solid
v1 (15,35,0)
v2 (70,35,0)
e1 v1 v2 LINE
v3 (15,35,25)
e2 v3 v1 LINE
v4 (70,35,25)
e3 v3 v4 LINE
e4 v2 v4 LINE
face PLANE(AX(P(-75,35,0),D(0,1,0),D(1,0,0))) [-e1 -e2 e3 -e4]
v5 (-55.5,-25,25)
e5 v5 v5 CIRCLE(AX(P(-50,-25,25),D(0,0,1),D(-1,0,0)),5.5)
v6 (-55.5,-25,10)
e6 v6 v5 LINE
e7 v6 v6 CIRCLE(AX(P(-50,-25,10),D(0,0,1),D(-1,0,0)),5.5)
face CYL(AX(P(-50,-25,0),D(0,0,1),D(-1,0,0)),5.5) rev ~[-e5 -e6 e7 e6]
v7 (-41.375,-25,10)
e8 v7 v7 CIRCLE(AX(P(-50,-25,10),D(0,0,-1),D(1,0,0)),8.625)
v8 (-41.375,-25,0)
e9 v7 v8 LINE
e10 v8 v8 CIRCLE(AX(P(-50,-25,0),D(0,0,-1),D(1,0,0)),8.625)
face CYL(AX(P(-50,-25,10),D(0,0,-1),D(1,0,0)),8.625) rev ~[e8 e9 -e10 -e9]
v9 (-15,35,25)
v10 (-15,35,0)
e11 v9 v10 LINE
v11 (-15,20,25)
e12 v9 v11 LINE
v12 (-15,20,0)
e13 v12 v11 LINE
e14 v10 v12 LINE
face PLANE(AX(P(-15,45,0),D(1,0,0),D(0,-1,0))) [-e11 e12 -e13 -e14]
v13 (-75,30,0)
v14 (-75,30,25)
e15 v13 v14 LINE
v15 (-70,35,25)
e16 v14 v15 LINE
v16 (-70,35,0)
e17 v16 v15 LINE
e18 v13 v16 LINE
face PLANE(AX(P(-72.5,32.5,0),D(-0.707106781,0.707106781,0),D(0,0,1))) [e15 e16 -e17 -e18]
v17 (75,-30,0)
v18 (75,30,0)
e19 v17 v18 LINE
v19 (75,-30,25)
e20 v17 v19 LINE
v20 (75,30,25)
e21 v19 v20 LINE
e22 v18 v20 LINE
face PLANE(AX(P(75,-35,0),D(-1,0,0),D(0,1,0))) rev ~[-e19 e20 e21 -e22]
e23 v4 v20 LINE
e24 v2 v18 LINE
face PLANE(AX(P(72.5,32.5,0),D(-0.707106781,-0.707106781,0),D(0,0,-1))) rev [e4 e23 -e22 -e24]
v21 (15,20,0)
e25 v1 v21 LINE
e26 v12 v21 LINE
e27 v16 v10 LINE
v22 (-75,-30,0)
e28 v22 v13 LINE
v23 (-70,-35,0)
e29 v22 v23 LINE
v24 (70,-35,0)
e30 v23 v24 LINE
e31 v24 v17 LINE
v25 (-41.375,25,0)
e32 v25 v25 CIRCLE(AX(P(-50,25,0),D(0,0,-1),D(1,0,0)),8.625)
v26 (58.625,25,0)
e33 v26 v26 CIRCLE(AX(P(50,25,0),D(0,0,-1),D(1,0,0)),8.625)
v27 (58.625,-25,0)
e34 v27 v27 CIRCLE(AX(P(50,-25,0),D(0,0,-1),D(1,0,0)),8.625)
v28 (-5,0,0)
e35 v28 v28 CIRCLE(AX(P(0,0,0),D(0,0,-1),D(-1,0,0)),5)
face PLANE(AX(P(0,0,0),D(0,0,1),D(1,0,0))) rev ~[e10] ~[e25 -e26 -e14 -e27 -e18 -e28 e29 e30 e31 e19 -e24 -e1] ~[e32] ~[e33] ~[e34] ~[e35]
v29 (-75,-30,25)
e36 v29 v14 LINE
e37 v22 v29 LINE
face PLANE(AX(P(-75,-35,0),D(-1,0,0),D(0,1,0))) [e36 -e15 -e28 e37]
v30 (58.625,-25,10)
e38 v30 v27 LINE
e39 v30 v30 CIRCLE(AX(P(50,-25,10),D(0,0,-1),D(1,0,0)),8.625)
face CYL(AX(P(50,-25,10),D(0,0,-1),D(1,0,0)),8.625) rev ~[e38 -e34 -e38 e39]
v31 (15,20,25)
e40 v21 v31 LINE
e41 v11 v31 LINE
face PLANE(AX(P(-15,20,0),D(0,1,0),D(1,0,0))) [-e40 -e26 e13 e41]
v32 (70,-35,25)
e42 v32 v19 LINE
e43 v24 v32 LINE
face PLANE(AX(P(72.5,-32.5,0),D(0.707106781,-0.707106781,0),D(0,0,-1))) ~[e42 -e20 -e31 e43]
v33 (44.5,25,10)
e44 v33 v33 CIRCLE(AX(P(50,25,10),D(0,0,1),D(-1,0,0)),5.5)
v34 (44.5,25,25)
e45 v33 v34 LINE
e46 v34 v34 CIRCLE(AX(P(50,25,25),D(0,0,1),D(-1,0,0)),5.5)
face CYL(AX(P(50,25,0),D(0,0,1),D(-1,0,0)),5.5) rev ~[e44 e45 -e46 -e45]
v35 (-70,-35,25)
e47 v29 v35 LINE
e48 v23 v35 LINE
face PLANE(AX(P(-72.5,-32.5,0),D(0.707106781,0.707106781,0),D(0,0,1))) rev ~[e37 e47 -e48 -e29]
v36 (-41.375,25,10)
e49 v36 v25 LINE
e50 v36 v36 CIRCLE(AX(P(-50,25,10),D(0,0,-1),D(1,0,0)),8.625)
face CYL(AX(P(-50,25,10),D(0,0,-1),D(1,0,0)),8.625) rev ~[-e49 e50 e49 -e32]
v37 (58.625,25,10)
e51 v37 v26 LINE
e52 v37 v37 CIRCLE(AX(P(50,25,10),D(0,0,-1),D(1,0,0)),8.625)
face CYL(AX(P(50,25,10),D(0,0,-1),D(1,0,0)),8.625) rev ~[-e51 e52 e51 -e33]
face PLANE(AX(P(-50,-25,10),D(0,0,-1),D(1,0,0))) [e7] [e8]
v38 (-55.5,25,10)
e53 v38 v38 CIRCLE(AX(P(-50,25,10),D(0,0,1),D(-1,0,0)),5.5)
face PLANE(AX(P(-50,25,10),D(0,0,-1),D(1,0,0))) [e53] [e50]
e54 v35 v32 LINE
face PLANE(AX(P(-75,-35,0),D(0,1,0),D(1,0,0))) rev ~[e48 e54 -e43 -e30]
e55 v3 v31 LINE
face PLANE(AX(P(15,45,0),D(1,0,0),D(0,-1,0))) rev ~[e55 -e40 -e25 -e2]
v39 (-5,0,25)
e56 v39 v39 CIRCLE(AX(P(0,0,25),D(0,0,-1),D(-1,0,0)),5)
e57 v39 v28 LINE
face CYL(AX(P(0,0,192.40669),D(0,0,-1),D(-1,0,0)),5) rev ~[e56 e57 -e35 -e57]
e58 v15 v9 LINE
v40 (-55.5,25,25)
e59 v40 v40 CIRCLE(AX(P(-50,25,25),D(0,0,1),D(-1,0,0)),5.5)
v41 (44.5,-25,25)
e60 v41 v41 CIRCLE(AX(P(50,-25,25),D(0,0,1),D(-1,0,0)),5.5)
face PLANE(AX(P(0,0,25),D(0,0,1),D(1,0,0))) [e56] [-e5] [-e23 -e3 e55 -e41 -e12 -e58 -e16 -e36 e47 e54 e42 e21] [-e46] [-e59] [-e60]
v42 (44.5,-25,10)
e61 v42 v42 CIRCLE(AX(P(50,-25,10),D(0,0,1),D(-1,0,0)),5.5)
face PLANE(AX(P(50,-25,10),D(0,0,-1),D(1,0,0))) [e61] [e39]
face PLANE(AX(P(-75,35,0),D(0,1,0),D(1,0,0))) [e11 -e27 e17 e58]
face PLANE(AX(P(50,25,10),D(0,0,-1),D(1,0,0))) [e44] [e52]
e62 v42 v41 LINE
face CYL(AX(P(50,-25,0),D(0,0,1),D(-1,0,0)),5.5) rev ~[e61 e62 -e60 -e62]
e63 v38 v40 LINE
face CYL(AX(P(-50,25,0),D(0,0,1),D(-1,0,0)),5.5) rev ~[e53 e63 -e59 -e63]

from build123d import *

# Parameters (mm, degrees)
F0_W           = 150
F0_H           = 70
F1_DEPTH       = 25
F3_D           = 11
F3_CBORE_D     = 17.25
F3_CBORE_DEPTH = 10
F4_SIZE        = 5
F5_SIZE        = 5
F6_W           = 30
F6_H           = 25
F7_DEPTH       = 25
F9_D           = 10


with BuildPart() as f1:
    # F0 (on Top) → F1 (new body)
    with BuildSketch(Plane.XY):
        Rectangle(F0_W, F0_H)
    extrude(amount=F1_DEPTH)

    # F3 (through all)
    with Locations(Plane(origin=(0, 0, 0), x_dir=(1, 0, 0), z_dir=(0, 0, -1))):
        with Locations((-50, -25), (-50, 25), (50, 25), (50, -25)):
            CounterBoreHole(F3_D / 2, F3_CBORE_D / 2, F3_CBORE_DEPTH)

    # F4
    f4_edges = [f1.edges().sort_by_distance(p)[0] for p in [
        (-75, 35, 12.5),
        (-75, -35, 12.5),
    ]]
    chamfer(f4_edges, length=F4_SIZE)

    # F5
    f5_edges = [f1.edges().sort_by_distance(p)[0] for p in [
        (75, 35, 12.5),
        (75, -35, 12.5),
    ]]
    chamfer(f5_edges, length=F5_SIZE)

    # F6 (on face) → F7 (cut)
    with BuildSketch(Plane(origin=(0, 0, 0), x_dir=(1, 0, 0), z_dir=(0, 0, -1))):
        with Locations((0, -32.5)):
            Rectangle(F6_W, F6_H)
    extrude(amount=-F7_DEPTH, mode=Mode.SUBTRACT)

    # F9 (through all)
    with Locations(Plane.XY.offset(25)):
        with Locations((0, 0)):
            Hole(F9_D / 2)


solid = f1.part
